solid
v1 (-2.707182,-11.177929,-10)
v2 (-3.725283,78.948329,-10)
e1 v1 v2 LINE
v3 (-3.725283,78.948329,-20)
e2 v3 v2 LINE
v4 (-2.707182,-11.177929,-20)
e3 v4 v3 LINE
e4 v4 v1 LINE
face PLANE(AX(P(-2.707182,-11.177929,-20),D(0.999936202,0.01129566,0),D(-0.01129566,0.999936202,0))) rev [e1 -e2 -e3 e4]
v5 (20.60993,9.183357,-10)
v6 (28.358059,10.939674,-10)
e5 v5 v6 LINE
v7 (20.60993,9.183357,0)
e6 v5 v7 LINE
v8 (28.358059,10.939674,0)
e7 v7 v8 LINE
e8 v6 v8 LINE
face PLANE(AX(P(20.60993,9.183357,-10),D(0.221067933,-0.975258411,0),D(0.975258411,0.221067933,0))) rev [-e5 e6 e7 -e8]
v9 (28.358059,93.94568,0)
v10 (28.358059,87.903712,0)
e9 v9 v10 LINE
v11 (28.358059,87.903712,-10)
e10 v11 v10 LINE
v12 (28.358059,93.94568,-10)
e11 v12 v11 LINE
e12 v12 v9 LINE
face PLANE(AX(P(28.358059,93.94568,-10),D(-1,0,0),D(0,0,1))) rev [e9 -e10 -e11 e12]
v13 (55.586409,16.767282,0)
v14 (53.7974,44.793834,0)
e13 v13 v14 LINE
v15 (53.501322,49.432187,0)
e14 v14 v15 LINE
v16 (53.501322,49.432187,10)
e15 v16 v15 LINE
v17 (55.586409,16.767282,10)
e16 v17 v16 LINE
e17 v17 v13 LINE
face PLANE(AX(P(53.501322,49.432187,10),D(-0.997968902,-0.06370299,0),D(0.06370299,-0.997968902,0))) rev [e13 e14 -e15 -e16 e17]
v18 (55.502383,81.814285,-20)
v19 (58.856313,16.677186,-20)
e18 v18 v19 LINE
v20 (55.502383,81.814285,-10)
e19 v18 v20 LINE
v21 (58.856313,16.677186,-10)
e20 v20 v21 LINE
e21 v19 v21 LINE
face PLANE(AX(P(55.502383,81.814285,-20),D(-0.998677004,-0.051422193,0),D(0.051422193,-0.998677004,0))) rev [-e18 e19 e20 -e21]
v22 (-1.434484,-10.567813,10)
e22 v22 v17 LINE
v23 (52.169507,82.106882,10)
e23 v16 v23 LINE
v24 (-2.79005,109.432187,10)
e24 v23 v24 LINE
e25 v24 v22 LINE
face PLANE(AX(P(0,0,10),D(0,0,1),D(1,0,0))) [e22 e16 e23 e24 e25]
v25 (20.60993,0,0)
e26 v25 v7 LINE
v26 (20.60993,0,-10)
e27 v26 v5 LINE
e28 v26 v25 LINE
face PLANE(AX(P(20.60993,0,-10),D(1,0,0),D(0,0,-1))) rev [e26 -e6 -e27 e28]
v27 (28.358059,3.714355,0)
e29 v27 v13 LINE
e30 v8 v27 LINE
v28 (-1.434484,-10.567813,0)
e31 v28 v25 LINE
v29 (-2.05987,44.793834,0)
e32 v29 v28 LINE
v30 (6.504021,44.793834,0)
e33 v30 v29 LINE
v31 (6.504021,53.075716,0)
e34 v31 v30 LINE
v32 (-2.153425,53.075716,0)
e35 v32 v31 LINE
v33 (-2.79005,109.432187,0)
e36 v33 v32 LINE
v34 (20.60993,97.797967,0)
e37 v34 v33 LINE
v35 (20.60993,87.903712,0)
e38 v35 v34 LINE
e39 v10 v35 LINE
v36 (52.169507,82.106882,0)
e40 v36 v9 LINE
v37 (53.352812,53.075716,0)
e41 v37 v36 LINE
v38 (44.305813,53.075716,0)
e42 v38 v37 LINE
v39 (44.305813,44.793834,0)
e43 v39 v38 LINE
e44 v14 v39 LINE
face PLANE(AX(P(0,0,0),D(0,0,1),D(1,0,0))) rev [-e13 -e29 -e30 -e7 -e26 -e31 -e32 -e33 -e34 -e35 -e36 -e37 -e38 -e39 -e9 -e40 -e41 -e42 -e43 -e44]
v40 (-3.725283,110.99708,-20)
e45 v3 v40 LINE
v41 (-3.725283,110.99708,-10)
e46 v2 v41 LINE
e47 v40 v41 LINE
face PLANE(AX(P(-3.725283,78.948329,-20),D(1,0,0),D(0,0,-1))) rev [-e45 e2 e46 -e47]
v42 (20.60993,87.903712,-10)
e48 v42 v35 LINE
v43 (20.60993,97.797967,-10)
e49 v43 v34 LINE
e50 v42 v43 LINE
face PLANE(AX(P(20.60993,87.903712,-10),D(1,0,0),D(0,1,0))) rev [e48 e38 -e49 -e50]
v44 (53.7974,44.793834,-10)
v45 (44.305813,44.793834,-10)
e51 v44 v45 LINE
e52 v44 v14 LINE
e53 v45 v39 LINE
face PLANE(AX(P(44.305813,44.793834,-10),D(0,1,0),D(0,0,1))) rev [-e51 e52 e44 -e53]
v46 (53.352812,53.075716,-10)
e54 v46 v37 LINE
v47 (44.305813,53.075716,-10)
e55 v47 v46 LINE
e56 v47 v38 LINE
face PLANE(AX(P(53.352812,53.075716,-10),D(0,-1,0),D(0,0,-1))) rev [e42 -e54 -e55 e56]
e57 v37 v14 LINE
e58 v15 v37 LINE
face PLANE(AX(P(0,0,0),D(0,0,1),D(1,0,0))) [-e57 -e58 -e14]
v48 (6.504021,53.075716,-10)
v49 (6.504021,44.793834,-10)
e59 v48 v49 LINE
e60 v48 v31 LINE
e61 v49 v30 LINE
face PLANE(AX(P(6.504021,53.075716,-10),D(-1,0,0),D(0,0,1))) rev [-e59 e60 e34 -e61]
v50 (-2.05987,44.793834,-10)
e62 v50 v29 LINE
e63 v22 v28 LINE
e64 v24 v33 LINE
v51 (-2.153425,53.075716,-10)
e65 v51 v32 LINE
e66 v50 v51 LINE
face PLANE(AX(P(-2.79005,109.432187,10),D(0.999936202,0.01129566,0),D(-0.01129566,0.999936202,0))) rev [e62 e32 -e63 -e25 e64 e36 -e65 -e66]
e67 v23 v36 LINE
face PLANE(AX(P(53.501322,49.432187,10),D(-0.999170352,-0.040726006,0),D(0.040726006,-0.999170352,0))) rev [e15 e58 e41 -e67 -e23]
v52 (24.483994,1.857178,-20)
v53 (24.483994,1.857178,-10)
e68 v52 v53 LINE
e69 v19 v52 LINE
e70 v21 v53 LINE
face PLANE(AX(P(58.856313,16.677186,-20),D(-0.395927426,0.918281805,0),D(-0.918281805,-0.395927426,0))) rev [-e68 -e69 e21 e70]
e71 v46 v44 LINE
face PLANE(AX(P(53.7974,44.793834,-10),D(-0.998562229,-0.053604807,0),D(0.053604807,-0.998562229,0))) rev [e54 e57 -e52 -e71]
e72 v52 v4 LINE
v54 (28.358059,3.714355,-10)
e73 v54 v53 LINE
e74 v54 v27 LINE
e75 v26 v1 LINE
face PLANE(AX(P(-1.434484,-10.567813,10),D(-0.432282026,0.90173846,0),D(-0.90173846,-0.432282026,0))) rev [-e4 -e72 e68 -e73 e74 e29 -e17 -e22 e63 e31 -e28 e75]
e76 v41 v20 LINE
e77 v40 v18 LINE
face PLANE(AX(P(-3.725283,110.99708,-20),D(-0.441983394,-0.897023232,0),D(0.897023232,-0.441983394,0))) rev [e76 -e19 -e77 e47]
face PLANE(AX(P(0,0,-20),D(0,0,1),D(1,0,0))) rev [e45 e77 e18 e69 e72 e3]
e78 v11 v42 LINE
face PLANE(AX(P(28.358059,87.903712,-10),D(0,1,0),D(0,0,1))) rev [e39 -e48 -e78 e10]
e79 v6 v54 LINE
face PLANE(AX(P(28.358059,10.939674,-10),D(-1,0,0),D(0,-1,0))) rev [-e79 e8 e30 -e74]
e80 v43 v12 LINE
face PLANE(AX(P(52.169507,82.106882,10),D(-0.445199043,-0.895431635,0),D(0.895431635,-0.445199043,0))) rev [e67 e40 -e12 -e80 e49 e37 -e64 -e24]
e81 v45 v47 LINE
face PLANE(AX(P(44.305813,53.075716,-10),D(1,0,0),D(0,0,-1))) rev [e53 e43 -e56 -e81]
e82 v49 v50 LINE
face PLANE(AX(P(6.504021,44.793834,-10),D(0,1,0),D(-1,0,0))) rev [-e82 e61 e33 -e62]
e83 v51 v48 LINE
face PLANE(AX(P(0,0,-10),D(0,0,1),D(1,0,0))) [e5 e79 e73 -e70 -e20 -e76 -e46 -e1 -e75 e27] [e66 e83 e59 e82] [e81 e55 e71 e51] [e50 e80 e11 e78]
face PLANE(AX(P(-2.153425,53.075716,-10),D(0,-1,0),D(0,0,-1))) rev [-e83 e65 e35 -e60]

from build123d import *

# Parameters (mm, degrees)
BOSS_EXTRUDE1_DEPTH = 10
BOSS_EXTRUDE2_DEPTH = 10
BOSS_EXTRUDE3_DEPTH = 10


with BuildPart() as part:
    # Sketch20 → Boss-Extrude1 (new body)
    with BuildSketch(Plane.XY):
        Polygon((-2.790049513, 109.432186673), (-1.434483855, -10.567813327), (55.586408616, 16.767282175), (53.501321505, 49.432186673), (52.169506721, 82.106882469), align=None)
    extrude(amount=BOSS_EXTRUDE1_DEPTH)

    # Sketch21 → Boss-Extrude2 (add)
    with BuildSketch(Plane(origin=(0, 0, 0), x_dir=(-1, 0, 0), z_dir=(0, 0, -1))):
        Polygon((2.153425382, 53.075716438), (-6.504020667, 53.075716438), (-6.504020667, 44.793833992), (2.059870087, 44.793833992), align=None)
        Polygon((-53.35281188, 53.075716438), (-44.305813439, 53.075716438), (-44.305813439, 44.793833992), (-53.797399805, 44.793833992), align=None)
        Polygon((-20.609929611, 0), (-20.609929611, 9.183356753), (-28.35805903, 10.939673778), (-28.35805903, 3.714355361), align=None)
        Polygon((-28.35805903, 93.945679874), (-28.35805903, 87.903711829), (-20.609929611, 87.903711829), (-20.609929611, 97.797967044), align=None)
    extrude(amount=BOSS_EXTRUDE2_DEPTH)

    # Sketch22 → Boss-Extrude3 (add)
    with BuildSketch(Plane(origin=(0, 0, -10), x_dir=(-1, 0, 0), z_dir=(0, 0, -1))):
        Polygon((-24.483994321, 1.85717768), (2.707182476, -11.177928968), (3.725282972, 78.948328543), (3.725282972, 110.997079558), (-55.502382997, 81.814284871), (-58.856312716, 16.677185524), align=None)
    extrude(amount=BOSS_EXTRUDE3_DEPTH)


solid = part.part
